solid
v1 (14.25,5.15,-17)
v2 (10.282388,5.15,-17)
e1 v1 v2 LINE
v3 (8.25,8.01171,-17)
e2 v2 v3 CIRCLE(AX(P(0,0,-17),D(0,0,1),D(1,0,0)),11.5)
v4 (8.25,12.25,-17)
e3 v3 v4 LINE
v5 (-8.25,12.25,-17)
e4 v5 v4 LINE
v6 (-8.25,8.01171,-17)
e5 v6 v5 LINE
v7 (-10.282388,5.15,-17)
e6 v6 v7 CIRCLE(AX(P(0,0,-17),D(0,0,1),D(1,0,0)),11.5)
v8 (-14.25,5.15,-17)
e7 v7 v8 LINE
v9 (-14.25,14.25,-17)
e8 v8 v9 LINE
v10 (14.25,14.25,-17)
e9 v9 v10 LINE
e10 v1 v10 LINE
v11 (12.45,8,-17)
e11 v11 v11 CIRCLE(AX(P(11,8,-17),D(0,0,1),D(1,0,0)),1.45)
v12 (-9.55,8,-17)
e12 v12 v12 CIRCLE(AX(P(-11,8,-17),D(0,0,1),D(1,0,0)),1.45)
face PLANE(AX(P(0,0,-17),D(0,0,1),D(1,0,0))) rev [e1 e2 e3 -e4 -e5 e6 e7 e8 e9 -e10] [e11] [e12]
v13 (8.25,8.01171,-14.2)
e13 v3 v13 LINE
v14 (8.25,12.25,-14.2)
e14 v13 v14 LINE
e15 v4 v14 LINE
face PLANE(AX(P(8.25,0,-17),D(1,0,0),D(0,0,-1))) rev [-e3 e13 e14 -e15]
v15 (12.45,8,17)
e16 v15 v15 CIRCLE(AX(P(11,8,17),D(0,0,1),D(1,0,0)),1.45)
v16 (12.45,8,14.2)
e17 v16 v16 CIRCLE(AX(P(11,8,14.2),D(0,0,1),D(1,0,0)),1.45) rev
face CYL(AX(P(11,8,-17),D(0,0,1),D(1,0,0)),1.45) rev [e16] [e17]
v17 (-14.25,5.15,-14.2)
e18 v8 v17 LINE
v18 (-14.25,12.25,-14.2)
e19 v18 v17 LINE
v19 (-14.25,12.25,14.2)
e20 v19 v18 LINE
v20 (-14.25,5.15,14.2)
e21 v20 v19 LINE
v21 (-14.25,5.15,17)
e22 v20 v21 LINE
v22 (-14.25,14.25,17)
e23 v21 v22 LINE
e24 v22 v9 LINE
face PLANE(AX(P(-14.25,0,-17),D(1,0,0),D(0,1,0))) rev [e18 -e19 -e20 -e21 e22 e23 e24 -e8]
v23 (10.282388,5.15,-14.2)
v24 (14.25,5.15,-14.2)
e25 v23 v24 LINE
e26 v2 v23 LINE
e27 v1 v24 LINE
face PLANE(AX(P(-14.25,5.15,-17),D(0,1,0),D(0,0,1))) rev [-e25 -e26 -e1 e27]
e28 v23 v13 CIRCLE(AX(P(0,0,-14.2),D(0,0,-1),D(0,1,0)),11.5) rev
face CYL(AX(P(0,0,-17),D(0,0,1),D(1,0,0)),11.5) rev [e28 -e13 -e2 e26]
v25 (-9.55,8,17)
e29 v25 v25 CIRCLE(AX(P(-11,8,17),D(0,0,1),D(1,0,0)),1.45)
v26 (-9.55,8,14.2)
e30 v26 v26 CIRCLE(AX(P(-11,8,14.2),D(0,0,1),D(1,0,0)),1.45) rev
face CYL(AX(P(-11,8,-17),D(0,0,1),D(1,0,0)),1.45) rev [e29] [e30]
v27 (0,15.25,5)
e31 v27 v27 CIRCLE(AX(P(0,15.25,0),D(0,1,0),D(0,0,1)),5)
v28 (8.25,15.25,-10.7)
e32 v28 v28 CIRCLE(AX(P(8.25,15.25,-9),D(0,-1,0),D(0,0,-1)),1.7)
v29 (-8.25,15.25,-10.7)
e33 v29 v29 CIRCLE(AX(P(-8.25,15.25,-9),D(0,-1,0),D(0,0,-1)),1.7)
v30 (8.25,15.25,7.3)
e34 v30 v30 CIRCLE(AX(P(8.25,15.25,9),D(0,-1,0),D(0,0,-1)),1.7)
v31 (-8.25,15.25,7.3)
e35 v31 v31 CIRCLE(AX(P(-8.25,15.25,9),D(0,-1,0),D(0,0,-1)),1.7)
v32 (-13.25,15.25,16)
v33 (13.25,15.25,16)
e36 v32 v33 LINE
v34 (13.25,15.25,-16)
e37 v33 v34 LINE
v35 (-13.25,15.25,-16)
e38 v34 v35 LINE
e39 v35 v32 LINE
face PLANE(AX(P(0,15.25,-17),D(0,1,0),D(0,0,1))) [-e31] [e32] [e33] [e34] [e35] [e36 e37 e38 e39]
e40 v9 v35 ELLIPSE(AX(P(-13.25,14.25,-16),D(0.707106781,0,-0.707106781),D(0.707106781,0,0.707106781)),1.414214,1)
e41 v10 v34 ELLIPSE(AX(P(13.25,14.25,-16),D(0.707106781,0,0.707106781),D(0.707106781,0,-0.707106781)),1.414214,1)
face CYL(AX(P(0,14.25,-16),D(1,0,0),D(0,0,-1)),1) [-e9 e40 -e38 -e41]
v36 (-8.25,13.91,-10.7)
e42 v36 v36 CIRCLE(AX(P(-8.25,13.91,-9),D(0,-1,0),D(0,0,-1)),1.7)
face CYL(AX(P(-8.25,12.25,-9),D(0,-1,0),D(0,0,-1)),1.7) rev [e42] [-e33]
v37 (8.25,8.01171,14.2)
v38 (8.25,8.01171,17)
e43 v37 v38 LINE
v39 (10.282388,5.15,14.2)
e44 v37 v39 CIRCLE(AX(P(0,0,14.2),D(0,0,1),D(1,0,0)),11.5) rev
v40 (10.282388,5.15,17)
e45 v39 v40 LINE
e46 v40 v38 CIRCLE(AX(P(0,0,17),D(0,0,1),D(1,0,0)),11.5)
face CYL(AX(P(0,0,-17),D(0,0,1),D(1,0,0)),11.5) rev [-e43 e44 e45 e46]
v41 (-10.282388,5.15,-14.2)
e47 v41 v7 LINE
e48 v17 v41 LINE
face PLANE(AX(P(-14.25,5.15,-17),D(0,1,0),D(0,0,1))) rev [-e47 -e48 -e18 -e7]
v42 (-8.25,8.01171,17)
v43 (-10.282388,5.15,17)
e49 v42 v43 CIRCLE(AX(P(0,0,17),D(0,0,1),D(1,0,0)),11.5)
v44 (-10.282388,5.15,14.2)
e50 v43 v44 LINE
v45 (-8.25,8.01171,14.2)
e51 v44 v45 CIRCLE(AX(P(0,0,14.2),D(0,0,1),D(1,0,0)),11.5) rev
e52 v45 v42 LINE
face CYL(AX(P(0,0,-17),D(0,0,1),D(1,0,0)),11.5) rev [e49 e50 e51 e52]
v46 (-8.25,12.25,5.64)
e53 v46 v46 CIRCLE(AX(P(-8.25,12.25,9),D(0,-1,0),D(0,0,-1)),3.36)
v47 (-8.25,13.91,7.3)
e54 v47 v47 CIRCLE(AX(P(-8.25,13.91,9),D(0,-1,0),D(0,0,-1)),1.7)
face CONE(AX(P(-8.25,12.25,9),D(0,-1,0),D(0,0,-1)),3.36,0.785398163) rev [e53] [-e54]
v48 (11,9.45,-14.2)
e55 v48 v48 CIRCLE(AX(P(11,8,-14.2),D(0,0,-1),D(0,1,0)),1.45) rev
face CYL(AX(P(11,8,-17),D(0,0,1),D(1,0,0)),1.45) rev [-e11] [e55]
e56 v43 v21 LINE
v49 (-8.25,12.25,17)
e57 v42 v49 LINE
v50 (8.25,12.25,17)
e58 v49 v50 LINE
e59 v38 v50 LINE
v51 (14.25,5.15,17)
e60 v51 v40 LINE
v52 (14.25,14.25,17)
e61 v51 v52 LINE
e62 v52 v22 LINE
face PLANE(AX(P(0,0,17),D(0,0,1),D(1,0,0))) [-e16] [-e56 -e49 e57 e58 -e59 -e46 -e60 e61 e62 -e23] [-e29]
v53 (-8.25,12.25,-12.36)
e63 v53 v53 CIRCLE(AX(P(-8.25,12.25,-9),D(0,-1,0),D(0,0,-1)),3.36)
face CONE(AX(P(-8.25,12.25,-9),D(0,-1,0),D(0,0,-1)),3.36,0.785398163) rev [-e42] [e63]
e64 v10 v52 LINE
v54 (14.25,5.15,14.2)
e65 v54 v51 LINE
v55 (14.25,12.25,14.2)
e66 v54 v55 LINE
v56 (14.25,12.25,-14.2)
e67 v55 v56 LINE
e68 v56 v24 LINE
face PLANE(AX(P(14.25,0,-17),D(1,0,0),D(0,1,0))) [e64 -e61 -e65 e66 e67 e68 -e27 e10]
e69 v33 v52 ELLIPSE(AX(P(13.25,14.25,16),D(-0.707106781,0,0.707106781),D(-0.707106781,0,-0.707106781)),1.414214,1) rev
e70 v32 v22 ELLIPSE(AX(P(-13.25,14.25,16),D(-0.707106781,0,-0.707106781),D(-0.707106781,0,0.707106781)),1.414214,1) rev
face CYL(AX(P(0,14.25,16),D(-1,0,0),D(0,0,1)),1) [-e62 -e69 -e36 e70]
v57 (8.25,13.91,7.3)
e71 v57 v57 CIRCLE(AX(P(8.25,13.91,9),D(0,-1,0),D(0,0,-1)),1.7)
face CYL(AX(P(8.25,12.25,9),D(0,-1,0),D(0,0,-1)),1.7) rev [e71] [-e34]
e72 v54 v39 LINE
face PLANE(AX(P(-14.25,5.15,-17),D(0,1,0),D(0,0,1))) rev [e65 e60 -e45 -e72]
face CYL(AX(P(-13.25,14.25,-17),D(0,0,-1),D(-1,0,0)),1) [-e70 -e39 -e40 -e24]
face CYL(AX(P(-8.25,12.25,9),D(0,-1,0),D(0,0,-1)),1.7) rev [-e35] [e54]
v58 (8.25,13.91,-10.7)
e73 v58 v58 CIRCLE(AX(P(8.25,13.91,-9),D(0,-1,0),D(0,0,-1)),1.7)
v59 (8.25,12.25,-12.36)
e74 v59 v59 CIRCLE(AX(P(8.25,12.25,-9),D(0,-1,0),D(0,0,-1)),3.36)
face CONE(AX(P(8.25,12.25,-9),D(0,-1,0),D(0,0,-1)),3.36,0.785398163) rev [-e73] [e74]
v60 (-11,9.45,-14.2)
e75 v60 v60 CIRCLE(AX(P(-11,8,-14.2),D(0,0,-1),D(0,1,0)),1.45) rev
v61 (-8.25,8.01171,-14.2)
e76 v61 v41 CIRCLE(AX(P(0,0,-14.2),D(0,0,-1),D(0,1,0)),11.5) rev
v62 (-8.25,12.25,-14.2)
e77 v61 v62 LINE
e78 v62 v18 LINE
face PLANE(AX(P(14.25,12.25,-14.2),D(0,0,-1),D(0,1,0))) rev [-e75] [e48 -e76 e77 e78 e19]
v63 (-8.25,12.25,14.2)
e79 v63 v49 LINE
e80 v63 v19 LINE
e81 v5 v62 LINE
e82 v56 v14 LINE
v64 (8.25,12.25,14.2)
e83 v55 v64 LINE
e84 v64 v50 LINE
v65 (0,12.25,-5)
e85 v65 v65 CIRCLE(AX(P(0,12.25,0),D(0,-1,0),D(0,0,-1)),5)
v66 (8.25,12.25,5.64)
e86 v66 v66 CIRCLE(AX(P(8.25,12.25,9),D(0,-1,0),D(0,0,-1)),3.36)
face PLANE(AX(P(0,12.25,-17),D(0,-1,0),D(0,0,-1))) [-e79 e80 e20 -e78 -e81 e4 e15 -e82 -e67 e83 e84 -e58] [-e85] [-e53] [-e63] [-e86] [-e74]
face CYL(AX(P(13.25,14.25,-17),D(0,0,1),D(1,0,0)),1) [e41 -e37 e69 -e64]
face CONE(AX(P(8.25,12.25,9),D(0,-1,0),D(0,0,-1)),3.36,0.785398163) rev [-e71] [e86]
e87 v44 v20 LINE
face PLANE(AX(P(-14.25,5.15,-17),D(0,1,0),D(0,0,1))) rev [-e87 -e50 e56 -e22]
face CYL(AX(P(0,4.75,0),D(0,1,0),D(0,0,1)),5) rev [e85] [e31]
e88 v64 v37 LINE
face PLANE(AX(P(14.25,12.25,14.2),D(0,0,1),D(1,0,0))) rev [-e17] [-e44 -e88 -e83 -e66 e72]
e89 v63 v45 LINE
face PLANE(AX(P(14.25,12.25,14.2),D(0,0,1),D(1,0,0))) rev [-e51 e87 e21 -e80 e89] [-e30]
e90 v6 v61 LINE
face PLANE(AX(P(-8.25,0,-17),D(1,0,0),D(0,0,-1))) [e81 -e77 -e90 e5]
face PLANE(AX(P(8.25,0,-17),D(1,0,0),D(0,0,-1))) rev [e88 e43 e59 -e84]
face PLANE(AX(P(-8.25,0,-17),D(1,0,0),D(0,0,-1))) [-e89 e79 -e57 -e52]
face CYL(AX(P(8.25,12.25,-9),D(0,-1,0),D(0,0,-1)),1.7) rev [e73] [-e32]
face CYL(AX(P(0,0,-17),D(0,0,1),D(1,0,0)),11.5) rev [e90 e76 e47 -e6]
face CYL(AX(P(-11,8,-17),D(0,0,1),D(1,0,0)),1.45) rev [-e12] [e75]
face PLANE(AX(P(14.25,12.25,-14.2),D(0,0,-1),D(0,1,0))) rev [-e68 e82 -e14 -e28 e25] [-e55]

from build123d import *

# Parameters (mm, degrees)
BOSS_EXTRUDE7_DEPTH                          = 17
BOSS_EXTRUDE7_DEPTH_BACK                     = 17
SKETCH1_R                                    = 1.45
SKETCH34_W                                   = 28.4
SKETCH34_H                                   = 7.5
CUT_EXTRUDE11_DEPTH                          = 37.521397837
SKETCH35_R                                   = 5
CUT_EXTRUDE12_DEPTH                          = 25.542055741
CSK_FOR_M3_HEX_SOCKET_COUNTERSUNK_CA_2_COUNT = 2
CSK_FOR_M3_HEX_SOCKET_COUNTERSUNK_CA_2_PITCH = 16.5
CSK_FOR_M3_HEX_SOCKET_COUNTERSUNK_CA_3_COUNT = 2
CSK_FOR_M3_HEX_SOCKET_COUNTERSUNK_CA_3_PITCH = 18
CSK_FOR_M3_HEX_SOCKET_COUNTERSUNK_CA_4_COUNT = 2
CSK_FOR_M3_HEX_SOCKET_COUNTERSUNK_CA_4_PITCH = 24.418230894
FILLET5_R                                    = 1
SKETCH41_W                                   = 28.5
SKETCH41_H                                   = 0.4
CUT_EXTRUDE13_DEPTH                          = 40.895175147


with BuildPart() as part:
    # Sketch1 → Boss-Extrude7 (new, two sides: drawn at the far end of the back side and taken through both)
    with BuildSketch(Plane.XY.offset(-BOSS_EXTRUDE7_DEPTH_BACK)):
        with BuildLine():
            Line((-14.25, 15.25), (-14.25, 4.75))
            Line((-14.25, 4.75), (-10.473180033, 4.75))
            ThreePointArc((-10.473180033, 4.75), (-9.502581542, 6.476954843), (-8.25, 8.011710179))
            Line((-8.25, 8.011710179), (-8.25, 12.25))
            Line((-8.25, 12.25), (8.25, 12.25))
            Line((8.25, 12.25), (8.25, 8.011710179))
            ThreePointArc((8.25, 8.011710179), (9.502581542, 6.476954843), (10.473180033, 4.75))
            Line((10.473180033, 4.75), (14.25, 4.75))
            Line((14.25, 4.75), (14.25, 15.25))
            Line((14.25, 15.25), (-14.25, 15.25))
        make_face()
        with Locations((11, 8)):
            Circle(SKETCH1_R, mode=Mode.SUBTRACT)
        with Locations((-11, 8)):
            Circle(SKETCH1_R, mode=Mode.SUBTRACT)
    extrude(amount=BOSS_EXTRUDE7_DEPTH + BOSS_EXTRUDE7_DEPTH_BACK)

    # Sketch34 → Cut-Extrude11 (cut, through all)
    with BuildSketch(Plane.ZY.offset(14.25)):
        with Locations((0, 8.5)):
            Rectangle(SKETCH34_W, SKETCH34_H)
    extrude(amount=-CUT_EXTRUDE11_DEPTH, mode=Mode.SUBTRACT)

    # Sketch35 → Cut-Extrude12 (cut, through all)
    with BuildSketch(Plane(origin=(0, 15.25, 0), x_dir=(1, 0, 0), z_dir=(0, 1, 0))):
        Circle(SKETCH35_R)
    extrude(amount=-CUT_EXTRUDE12_DEPTH, mode=Mode.SUBTRACT)

    # Sketch40 → CSK for M3 Hex Socket Countersunk Cap Screw3 (revolve, cut)
    with BuildSketch(Plane(origin=(-8.25, 12.25, 9), x_dir=(0, 0, -1), z_dir=(1, 0, 0))):
        Polygon((0, 0), (0, 3), (1.7, 3), (1.7, 1.66), (3.36, 0), align=None)
    csk_for_m3_hex_socket_countersunk_cap_sc = revolve(axis=Axis((-8.25, 5.9, 9), (0, 1, 0)), mode=Mode.SUBTRACT)

    # CSK for M3 Hex Socket Countersunk Ca 2: CSK for M3 Hex Socket Countersunk Cap Screw3 ×2
    with Locations(*[(i * CSK_FOR_M3_HEX_SOCKET_COUNTERSUNK_CA_2_PITCH, 0, 0) for i in range(1, CSK_FOR_M3_HEX_SOCKET_COUNTERSUNK_CA_2_COUNT)]):
        add(csk_for_m3_hex_socket_countersunk_cap_sc, mode=Mode.SUBTRACT)

    # CSK for M3 Hex Socket Countersunk Ca 3: CSK for M3 Hex Socket Countersunk Cap Screw3 ×2
    with Locations(*[(0, 0, -i * CSK_FOR_M3_HEX_SOCKET_COUNTERSUNK_CA_3_PITCH) for i in range(1, CSK_FOR_M3_HEX_SOCKET_COUNTERSUNK_CA_3_COUNT)]):
        add(csk_for_m3_hex_socket_countersunk_cap_sc, mode=Mode.SUBTRACT)

    # CSK for M3 Hex Socket Countersunk Ca 4: CSK for M3 Hex Socket Countersunk Cap Screw3 ×2
    with Locations(*[Vector(0.6757246285173466, 0, -0.7371541402007413) * (i * CSK_FOR_M3_HEX_SOCKET_COUNTERSUNK_CA_4_PITCH) for i in range(1, CSK_FOR_M3_HEX_SOCKET_COUNTERSUNK_CA_4_COUNT)]):
        add(csk_for_m3_hex_socket_countersunk_cap_sc, mode=Mode.SUBTRACT)

    # Fillet5
    fillet5_edges = [part.edges().sort_by_distance(p)[0] for p in [
        (14.25, 15.25, 0),
        (-14.25, 15.25, 0),
        (0, 15.25, -17),
        (0, 15.25, 17),
    ]]
    fillet(fillet5_edges, radius=FILLET5_R)

    # Sketch41 → Cut-Extrude13 (cut, through all)
    with BuildSketch(Plane.XY.offset(17)):
        with Locations((0, 4.95)):
            Rectangle(SKETCH41_W, SKETCH41_H)
    extrude(amount=-CUT_EXTRUDE13_DEPTH, mode=Mode.SUBTRACT)


solid = part.part
